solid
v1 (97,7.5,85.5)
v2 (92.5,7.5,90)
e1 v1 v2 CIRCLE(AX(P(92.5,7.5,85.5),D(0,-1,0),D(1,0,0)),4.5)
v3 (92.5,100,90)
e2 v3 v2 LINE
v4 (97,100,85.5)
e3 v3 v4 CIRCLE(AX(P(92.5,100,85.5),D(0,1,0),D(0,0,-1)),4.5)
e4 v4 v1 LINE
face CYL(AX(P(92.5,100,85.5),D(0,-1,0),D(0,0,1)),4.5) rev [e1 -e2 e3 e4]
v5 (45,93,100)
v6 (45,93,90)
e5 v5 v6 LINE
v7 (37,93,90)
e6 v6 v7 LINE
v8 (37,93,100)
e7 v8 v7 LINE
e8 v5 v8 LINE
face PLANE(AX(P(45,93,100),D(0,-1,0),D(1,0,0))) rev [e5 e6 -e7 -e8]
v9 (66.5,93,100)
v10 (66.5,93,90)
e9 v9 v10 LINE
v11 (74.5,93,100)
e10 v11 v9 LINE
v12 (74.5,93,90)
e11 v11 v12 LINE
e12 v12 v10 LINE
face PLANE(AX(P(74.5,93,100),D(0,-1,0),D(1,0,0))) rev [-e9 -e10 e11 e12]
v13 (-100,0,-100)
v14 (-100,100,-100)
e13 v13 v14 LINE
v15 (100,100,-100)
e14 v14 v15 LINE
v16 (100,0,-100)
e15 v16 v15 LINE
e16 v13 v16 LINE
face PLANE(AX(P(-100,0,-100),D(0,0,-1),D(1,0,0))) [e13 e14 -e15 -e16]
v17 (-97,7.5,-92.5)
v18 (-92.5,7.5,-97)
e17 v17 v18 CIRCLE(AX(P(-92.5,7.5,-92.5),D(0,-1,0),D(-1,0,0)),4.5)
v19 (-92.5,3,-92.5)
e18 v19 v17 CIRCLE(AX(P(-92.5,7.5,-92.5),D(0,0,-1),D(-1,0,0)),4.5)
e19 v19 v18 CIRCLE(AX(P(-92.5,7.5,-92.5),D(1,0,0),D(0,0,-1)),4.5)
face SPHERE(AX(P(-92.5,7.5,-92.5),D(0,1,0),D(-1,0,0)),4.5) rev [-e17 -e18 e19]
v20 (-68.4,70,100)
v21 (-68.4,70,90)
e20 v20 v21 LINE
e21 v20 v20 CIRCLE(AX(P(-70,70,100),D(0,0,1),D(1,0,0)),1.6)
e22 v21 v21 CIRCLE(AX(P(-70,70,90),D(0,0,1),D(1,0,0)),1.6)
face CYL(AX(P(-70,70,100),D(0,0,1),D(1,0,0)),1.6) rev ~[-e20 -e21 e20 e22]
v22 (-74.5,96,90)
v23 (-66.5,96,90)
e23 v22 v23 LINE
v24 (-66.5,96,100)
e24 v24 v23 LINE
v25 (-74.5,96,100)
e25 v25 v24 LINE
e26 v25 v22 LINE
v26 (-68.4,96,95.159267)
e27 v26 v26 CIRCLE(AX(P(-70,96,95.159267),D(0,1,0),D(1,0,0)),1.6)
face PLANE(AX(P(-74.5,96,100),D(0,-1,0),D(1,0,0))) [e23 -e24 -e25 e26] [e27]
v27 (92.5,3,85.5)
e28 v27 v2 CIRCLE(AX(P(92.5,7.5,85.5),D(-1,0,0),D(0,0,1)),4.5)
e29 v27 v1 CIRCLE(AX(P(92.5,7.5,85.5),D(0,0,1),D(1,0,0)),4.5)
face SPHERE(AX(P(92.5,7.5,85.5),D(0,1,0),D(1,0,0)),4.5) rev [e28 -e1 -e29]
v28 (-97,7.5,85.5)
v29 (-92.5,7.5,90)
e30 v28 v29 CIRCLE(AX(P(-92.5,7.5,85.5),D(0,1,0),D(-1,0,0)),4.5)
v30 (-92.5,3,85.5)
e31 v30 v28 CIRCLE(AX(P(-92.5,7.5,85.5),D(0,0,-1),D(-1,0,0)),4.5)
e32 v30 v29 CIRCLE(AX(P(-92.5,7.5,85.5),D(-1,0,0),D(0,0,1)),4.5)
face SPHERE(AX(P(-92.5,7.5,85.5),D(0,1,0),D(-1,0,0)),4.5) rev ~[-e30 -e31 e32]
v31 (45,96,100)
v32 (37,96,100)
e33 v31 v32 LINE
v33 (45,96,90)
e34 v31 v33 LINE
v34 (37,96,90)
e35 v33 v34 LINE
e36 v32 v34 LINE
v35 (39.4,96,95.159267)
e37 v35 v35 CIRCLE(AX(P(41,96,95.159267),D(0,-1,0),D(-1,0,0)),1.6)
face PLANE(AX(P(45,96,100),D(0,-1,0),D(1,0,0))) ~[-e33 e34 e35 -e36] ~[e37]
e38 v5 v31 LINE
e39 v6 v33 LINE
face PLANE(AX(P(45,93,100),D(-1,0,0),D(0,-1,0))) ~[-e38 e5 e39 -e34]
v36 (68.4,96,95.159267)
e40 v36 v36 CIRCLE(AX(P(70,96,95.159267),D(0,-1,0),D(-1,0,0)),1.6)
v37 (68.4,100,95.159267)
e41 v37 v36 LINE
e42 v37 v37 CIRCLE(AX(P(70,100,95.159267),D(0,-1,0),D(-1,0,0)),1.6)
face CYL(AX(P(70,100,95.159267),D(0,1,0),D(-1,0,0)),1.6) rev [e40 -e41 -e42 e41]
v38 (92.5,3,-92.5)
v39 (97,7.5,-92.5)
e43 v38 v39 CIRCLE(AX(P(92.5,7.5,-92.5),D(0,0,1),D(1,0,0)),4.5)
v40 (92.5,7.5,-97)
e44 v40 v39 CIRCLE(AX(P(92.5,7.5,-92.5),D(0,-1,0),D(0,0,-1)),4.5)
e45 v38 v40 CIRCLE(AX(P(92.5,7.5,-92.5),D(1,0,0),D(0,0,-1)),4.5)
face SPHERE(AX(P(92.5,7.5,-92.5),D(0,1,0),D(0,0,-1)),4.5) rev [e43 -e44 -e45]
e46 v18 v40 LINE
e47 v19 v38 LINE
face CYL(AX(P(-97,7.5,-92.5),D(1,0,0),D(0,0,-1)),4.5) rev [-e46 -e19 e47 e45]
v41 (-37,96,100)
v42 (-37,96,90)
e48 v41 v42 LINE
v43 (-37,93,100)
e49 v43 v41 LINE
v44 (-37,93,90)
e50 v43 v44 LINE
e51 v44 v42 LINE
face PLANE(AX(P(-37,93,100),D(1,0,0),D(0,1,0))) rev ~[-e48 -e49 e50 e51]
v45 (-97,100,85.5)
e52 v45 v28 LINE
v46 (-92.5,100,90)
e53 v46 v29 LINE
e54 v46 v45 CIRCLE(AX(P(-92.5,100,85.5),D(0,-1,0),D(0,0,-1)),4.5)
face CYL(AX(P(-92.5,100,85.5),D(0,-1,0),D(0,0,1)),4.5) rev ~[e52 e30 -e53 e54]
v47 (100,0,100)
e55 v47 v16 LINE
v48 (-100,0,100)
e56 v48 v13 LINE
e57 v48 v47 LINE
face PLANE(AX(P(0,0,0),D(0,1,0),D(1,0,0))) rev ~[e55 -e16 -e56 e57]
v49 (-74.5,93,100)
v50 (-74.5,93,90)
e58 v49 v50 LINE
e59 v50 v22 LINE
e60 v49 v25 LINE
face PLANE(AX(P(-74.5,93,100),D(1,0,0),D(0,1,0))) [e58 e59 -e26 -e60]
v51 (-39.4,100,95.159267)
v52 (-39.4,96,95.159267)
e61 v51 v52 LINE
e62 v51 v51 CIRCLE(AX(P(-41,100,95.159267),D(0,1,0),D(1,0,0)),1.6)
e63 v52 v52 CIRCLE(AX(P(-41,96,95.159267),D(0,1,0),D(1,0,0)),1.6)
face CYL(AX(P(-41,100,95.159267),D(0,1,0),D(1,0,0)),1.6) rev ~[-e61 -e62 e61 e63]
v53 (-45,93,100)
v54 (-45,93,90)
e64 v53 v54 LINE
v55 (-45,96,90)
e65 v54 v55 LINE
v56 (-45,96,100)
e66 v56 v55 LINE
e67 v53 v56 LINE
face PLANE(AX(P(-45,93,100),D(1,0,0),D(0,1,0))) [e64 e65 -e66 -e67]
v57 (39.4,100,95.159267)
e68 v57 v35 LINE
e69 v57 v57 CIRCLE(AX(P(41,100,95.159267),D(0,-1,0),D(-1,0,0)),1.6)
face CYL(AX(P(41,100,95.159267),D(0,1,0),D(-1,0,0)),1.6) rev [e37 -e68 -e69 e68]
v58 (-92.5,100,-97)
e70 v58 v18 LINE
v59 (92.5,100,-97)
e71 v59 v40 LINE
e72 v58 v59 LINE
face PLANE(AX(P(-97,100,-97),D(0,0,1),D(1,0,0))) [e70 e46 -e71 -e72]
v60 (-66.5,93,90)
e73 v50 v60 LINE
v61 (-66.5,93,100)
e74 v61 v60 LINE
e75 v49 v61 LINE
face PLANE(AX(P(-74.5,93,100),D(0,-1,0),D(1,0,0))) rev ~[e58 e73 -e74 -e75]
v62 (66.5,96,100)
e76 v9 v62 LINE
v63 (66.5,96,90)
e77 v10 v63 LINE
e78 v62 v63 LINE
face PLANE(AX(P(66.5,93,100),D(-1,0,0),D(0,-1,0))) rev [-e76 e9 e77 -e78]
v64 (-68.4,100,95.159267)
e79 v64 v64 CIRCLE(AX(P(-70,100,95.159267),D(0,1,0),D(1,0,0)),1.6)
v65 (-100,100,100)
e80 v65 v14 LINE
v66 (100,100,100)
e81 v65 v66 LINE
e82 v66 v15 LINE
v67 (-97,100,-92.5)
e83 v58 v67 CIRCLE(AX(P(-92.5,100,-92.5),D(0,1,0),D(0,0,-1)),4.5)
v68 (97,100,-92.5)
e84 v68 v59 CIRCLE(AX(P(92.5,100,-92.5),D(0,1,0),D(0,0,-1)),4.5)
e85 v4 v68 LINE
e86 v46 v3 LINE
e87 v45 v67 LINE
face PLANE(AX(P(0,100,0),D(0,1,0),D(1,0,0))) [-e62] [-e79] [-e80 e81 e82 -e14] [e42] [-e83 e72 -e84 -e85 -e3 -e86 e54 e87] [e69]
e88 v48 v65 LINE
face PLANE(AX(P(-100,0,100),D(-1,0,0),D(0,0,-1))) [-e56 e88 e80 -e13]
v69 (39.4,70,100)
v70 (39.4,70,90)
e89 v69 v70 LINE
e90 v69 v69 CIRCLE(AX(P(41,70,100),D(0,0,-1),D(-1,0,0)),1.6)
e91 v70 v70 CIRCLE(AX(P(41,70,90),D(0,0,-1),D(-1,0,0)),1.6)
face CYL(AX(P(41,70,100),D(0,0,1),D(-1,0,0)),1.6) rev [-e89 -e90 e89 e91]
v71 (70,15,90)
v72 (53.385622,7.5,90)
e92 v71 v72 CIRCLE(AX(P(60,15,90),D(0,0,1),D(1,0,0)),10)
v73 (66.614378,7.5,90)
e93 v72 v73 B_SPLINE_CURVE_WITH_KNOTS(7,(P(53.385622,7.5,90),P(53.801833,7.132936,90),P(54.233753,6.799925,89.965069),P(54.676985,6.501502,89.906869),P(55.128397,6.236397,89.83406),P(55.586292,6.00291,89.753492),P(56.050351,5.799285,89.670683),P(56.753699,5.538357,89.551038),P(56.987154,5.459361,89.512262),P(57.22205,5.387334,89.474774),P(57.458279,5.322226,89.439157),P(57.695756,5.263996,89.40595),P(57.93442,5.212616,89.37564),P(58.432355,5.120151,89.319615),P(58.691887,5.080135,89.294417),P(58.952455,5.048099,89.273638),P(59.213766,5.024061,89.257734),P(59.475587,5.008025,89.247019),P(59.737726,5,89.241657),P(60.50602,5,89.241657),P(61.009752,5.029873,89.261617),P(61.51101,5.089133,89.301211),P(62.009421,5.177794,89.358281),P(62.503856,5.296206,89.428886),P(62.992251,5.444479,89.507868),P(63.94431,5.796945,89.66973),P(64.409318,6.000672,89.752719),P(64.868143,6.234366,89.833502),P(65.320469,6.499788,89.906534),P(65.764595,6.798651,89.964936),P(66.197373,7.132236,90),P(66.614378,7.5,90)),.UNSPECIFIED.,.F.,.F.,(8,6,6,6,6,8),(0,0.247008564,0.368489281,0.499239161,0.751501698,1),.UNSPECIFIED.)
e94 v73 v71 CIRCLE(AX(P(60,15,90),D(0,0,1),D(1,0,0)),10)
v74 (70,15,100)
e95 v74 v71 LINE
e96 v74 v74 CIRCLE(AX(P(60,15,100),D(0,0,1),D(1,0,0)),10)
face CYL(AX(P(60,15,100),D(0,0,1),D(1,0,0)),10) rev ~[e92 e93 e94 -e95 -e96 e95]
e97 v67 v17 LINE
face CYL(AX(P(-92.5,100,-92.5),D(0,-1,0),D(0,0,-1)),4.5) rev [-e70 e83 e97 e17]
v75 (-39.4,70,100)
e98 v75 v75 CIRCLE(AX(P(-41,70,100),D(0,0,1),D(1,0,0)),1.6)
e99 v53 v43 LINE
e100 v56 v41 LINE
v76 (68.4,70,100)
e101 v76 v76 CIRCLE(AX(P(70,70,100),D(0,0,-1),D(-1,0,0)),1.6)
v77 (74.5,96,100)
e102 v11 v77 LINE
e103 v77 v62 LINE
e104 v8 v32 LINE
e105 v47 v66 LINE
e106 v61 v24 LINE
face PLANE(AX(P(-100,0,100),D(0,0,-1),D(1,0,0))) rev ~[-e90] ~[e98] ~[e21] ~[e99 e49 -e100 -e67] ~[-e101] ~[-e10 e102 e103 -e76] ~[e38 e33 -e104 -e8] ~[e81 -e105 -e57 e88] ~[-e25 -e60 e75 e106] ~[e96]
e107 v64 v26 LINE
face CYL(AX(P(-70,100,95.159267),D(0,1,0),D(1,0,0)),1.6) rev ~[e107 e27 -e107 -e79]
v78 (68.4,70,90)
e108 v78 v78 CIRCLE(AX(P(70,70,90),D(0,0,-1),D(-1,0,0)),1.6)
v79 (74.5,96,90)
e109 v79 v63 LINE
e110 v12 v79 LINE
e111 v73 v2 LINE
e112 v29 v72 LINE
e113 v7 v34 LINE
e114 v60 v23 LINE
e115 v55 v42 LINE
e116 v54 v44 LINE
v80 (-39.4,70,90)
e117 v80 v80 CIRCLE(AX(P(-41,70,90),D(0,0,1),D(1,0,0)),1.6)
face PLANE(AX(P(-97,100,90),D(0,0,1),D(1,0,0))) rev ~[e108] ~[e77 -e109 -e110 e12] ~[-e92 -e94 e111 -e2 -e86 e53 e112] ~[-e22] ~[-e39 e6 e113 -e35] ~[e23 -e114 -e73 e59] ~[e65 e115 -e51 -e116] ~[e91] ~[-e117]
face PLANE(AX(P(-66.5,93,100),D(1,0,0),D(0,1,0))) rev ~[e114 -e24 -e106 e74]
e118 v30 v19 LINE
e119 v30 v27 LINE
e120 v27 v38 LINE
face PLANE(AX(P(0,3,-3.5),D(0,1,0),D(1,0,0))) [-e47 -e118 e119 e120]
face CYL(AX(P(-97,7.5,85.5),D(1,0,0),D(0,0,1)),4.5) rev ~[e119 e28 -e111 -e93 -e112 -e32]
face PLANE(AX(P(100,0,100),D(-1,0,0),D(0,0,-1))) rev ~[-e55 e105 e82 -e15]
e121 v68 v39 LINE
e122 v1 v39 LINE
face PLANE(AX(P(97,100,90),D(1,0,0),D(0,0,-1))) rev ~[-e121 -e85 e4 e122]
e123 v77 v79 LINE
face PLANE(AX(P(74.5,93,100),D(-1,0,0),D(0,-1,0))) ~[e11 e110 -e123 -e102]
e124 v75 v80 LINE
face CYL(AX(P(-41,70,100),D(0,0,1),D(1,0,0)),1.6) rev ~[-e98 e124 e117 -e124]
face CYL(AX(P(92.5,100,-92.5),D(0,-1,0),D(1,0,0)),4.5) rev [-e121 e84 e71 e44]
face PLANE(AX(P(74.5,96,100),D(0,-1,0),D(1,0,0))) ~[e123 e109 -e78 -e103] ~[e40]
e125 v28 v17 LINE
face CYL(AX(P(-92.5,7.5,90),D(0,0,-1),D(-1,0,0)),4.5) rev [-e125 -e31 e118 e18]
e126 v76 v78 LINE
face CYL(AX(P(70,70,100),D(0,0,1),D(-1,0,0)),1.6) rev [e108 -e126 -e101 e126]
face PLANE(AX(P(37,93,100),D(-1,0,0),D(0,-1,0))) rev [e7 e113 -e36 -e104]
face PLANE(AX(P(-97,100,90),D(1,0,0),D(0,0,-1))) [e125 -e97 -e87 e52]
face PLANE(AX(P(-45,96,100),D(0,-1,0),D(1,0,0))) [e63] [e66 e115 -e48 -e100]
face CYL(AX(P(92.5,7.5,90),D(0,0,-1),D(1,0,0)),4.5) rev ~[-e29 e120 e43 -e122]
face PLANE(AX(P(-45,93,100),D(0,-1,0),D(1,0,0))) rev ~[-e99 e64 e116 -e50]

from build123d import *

# Parameters (mm, degrees)
CROQUIS1_W              = 200
CROQUIS1_H              = 200
SALIENTE_EXTRUIR1_DEPTH = 100
CROQUIS2_W              = 194
CROQUIS2_H              = 187
CORTAR_EXTRUIR1_DEPTH   = 97
REDONDEO2_R             = 4.5
CROQUIS3_R              = 1.6
CROQUIS3_W              = 8
CROQUIS3_H              = 3
CORTAR_EXTRUIR2_DEPTH   = 10
CORTAR_EXTRUIR3_REACH   = 202
CROQUIS4_R              = 10
CROQUIS5_R              = 1.6
CORTAR_EXTRUIR4_DEPTH   = 4


with BuildPart() as part:
    # Croquis1 → Saliente-Extruir1 (new body)
    with BuildSketch(Plane(origin=(0, 0, 0), x_dir=(1, 0, 0), z_dir=(0, 1, 0))):
        Rectangle(CROQUIS1_W, CROQUIS1_H)
    extrude(amount=SALIENTE_EXTRUIR1_DEPTH)

    # Croquis2 → Cortar-Extruir1 (cut)
    with BuildSketch(Plane(origin=(0, 100, 0), x_dir=(1, 0, 0), z_dir=(0, 1, 0))):
        with Locations((0, 3.5)):
            Rectangle(CROQUIS2_W, CROQUIS2_H)
    extrude(amount=-CORTAR_EXTRUIR1_DEPTH, mode=Mode.SUBTRACT)

    # Redondeo2
    redondeo2_edges = [part.edges().sort_by_distance(p)[0] for p in [
        (-97, 51.5, 90),
        (-97, 51.5, -97),
        (97, 51.5, -97),
        (97, 51.5, 90),
        (-97, 3, -3.5),
        (0, 3, -97),
        (97, 3, -3.5),
        (0, 3, 90),
    ]]
    fillet(redondeo2_edges, radius=REDONDEO2_R)

    # Croquis3 → Cortar-Extruir2 (cut)
    with BuildSketch(Plane.XY.offset(100)):
        with Locations((-70, 70)):
            Circle(CROQUIS3_R)
        with Locations((-41, 70)):
            Circle(CROQUIS3_R)
        with Locations((-70.5, 94.5)):
            Rectangle(CROQUIS3_W, CROQUIS3_H)
        with Locations((-41, 94.5)):
            Rectangle(CROQUIS3_W, CROQUIS3_H)
    cortar_extruir2 = extrude(amount=-CORTAR_EXTRUIR2_DEPTH, mode=Mode.SUBTRACT)

    # Simetría1: Cortar-Extruir2 across plane
    add(cortar_extruir2.mirror(Plane(origin=(0, 0, 0), x_dir=(0, 0, 1), z_dir=(1, 0, 0))), mode=Mode.SUBTRACT)

    # Croquis4 → Cortar-Extruir3 (cut, up to next)
    with BuildSketch(Plane.XY.offset(100), mode=Mode.PRIVATE) as cortar_extruir3_sk1:
        with Locations((60, 15)):
            Circle(CROQUIS4_R)
    cortar_extruir3_tool1 = extrude(cortar_extruir3_sk1.sketch, amount=-CORTAR_EXTRUIR3_REACH, mode=Mode.PRIVATE) & part.part
    add(cortar_extruir3_tool1.solids().sort_by_distance((60, 15, 100))[0], mode=Mode.SUBTRACT)

    # Croquis5 → Cortar-Extruir4 (cut)
    with BuildSketch(Plane(origin=(0, 100, 0), x_dir=(1, 0, 0), z_dir=(0, 1, 0))):
        with Locations((-70, -95.159266914)):
            Circle(CROQUIS5_R)
        with Locations((-41, -95.159266914)):
            Circle(CROQUIS5_R)
    cortar_extruir4 = extrude(amount=-CORTAR_EXTRUIR4_DEPTH, mode=Mode.SUBTRACT)

    # Simetría2: Cortar-Extruir4 across plane
    add(cortar_extruir4.mirror(Plane(origin=(0, 0, 0), x_dir=(0, 0, 1), z_dir=(1, 0, 0))), mode=Mode.SUBTRACT)


solid = part.part
